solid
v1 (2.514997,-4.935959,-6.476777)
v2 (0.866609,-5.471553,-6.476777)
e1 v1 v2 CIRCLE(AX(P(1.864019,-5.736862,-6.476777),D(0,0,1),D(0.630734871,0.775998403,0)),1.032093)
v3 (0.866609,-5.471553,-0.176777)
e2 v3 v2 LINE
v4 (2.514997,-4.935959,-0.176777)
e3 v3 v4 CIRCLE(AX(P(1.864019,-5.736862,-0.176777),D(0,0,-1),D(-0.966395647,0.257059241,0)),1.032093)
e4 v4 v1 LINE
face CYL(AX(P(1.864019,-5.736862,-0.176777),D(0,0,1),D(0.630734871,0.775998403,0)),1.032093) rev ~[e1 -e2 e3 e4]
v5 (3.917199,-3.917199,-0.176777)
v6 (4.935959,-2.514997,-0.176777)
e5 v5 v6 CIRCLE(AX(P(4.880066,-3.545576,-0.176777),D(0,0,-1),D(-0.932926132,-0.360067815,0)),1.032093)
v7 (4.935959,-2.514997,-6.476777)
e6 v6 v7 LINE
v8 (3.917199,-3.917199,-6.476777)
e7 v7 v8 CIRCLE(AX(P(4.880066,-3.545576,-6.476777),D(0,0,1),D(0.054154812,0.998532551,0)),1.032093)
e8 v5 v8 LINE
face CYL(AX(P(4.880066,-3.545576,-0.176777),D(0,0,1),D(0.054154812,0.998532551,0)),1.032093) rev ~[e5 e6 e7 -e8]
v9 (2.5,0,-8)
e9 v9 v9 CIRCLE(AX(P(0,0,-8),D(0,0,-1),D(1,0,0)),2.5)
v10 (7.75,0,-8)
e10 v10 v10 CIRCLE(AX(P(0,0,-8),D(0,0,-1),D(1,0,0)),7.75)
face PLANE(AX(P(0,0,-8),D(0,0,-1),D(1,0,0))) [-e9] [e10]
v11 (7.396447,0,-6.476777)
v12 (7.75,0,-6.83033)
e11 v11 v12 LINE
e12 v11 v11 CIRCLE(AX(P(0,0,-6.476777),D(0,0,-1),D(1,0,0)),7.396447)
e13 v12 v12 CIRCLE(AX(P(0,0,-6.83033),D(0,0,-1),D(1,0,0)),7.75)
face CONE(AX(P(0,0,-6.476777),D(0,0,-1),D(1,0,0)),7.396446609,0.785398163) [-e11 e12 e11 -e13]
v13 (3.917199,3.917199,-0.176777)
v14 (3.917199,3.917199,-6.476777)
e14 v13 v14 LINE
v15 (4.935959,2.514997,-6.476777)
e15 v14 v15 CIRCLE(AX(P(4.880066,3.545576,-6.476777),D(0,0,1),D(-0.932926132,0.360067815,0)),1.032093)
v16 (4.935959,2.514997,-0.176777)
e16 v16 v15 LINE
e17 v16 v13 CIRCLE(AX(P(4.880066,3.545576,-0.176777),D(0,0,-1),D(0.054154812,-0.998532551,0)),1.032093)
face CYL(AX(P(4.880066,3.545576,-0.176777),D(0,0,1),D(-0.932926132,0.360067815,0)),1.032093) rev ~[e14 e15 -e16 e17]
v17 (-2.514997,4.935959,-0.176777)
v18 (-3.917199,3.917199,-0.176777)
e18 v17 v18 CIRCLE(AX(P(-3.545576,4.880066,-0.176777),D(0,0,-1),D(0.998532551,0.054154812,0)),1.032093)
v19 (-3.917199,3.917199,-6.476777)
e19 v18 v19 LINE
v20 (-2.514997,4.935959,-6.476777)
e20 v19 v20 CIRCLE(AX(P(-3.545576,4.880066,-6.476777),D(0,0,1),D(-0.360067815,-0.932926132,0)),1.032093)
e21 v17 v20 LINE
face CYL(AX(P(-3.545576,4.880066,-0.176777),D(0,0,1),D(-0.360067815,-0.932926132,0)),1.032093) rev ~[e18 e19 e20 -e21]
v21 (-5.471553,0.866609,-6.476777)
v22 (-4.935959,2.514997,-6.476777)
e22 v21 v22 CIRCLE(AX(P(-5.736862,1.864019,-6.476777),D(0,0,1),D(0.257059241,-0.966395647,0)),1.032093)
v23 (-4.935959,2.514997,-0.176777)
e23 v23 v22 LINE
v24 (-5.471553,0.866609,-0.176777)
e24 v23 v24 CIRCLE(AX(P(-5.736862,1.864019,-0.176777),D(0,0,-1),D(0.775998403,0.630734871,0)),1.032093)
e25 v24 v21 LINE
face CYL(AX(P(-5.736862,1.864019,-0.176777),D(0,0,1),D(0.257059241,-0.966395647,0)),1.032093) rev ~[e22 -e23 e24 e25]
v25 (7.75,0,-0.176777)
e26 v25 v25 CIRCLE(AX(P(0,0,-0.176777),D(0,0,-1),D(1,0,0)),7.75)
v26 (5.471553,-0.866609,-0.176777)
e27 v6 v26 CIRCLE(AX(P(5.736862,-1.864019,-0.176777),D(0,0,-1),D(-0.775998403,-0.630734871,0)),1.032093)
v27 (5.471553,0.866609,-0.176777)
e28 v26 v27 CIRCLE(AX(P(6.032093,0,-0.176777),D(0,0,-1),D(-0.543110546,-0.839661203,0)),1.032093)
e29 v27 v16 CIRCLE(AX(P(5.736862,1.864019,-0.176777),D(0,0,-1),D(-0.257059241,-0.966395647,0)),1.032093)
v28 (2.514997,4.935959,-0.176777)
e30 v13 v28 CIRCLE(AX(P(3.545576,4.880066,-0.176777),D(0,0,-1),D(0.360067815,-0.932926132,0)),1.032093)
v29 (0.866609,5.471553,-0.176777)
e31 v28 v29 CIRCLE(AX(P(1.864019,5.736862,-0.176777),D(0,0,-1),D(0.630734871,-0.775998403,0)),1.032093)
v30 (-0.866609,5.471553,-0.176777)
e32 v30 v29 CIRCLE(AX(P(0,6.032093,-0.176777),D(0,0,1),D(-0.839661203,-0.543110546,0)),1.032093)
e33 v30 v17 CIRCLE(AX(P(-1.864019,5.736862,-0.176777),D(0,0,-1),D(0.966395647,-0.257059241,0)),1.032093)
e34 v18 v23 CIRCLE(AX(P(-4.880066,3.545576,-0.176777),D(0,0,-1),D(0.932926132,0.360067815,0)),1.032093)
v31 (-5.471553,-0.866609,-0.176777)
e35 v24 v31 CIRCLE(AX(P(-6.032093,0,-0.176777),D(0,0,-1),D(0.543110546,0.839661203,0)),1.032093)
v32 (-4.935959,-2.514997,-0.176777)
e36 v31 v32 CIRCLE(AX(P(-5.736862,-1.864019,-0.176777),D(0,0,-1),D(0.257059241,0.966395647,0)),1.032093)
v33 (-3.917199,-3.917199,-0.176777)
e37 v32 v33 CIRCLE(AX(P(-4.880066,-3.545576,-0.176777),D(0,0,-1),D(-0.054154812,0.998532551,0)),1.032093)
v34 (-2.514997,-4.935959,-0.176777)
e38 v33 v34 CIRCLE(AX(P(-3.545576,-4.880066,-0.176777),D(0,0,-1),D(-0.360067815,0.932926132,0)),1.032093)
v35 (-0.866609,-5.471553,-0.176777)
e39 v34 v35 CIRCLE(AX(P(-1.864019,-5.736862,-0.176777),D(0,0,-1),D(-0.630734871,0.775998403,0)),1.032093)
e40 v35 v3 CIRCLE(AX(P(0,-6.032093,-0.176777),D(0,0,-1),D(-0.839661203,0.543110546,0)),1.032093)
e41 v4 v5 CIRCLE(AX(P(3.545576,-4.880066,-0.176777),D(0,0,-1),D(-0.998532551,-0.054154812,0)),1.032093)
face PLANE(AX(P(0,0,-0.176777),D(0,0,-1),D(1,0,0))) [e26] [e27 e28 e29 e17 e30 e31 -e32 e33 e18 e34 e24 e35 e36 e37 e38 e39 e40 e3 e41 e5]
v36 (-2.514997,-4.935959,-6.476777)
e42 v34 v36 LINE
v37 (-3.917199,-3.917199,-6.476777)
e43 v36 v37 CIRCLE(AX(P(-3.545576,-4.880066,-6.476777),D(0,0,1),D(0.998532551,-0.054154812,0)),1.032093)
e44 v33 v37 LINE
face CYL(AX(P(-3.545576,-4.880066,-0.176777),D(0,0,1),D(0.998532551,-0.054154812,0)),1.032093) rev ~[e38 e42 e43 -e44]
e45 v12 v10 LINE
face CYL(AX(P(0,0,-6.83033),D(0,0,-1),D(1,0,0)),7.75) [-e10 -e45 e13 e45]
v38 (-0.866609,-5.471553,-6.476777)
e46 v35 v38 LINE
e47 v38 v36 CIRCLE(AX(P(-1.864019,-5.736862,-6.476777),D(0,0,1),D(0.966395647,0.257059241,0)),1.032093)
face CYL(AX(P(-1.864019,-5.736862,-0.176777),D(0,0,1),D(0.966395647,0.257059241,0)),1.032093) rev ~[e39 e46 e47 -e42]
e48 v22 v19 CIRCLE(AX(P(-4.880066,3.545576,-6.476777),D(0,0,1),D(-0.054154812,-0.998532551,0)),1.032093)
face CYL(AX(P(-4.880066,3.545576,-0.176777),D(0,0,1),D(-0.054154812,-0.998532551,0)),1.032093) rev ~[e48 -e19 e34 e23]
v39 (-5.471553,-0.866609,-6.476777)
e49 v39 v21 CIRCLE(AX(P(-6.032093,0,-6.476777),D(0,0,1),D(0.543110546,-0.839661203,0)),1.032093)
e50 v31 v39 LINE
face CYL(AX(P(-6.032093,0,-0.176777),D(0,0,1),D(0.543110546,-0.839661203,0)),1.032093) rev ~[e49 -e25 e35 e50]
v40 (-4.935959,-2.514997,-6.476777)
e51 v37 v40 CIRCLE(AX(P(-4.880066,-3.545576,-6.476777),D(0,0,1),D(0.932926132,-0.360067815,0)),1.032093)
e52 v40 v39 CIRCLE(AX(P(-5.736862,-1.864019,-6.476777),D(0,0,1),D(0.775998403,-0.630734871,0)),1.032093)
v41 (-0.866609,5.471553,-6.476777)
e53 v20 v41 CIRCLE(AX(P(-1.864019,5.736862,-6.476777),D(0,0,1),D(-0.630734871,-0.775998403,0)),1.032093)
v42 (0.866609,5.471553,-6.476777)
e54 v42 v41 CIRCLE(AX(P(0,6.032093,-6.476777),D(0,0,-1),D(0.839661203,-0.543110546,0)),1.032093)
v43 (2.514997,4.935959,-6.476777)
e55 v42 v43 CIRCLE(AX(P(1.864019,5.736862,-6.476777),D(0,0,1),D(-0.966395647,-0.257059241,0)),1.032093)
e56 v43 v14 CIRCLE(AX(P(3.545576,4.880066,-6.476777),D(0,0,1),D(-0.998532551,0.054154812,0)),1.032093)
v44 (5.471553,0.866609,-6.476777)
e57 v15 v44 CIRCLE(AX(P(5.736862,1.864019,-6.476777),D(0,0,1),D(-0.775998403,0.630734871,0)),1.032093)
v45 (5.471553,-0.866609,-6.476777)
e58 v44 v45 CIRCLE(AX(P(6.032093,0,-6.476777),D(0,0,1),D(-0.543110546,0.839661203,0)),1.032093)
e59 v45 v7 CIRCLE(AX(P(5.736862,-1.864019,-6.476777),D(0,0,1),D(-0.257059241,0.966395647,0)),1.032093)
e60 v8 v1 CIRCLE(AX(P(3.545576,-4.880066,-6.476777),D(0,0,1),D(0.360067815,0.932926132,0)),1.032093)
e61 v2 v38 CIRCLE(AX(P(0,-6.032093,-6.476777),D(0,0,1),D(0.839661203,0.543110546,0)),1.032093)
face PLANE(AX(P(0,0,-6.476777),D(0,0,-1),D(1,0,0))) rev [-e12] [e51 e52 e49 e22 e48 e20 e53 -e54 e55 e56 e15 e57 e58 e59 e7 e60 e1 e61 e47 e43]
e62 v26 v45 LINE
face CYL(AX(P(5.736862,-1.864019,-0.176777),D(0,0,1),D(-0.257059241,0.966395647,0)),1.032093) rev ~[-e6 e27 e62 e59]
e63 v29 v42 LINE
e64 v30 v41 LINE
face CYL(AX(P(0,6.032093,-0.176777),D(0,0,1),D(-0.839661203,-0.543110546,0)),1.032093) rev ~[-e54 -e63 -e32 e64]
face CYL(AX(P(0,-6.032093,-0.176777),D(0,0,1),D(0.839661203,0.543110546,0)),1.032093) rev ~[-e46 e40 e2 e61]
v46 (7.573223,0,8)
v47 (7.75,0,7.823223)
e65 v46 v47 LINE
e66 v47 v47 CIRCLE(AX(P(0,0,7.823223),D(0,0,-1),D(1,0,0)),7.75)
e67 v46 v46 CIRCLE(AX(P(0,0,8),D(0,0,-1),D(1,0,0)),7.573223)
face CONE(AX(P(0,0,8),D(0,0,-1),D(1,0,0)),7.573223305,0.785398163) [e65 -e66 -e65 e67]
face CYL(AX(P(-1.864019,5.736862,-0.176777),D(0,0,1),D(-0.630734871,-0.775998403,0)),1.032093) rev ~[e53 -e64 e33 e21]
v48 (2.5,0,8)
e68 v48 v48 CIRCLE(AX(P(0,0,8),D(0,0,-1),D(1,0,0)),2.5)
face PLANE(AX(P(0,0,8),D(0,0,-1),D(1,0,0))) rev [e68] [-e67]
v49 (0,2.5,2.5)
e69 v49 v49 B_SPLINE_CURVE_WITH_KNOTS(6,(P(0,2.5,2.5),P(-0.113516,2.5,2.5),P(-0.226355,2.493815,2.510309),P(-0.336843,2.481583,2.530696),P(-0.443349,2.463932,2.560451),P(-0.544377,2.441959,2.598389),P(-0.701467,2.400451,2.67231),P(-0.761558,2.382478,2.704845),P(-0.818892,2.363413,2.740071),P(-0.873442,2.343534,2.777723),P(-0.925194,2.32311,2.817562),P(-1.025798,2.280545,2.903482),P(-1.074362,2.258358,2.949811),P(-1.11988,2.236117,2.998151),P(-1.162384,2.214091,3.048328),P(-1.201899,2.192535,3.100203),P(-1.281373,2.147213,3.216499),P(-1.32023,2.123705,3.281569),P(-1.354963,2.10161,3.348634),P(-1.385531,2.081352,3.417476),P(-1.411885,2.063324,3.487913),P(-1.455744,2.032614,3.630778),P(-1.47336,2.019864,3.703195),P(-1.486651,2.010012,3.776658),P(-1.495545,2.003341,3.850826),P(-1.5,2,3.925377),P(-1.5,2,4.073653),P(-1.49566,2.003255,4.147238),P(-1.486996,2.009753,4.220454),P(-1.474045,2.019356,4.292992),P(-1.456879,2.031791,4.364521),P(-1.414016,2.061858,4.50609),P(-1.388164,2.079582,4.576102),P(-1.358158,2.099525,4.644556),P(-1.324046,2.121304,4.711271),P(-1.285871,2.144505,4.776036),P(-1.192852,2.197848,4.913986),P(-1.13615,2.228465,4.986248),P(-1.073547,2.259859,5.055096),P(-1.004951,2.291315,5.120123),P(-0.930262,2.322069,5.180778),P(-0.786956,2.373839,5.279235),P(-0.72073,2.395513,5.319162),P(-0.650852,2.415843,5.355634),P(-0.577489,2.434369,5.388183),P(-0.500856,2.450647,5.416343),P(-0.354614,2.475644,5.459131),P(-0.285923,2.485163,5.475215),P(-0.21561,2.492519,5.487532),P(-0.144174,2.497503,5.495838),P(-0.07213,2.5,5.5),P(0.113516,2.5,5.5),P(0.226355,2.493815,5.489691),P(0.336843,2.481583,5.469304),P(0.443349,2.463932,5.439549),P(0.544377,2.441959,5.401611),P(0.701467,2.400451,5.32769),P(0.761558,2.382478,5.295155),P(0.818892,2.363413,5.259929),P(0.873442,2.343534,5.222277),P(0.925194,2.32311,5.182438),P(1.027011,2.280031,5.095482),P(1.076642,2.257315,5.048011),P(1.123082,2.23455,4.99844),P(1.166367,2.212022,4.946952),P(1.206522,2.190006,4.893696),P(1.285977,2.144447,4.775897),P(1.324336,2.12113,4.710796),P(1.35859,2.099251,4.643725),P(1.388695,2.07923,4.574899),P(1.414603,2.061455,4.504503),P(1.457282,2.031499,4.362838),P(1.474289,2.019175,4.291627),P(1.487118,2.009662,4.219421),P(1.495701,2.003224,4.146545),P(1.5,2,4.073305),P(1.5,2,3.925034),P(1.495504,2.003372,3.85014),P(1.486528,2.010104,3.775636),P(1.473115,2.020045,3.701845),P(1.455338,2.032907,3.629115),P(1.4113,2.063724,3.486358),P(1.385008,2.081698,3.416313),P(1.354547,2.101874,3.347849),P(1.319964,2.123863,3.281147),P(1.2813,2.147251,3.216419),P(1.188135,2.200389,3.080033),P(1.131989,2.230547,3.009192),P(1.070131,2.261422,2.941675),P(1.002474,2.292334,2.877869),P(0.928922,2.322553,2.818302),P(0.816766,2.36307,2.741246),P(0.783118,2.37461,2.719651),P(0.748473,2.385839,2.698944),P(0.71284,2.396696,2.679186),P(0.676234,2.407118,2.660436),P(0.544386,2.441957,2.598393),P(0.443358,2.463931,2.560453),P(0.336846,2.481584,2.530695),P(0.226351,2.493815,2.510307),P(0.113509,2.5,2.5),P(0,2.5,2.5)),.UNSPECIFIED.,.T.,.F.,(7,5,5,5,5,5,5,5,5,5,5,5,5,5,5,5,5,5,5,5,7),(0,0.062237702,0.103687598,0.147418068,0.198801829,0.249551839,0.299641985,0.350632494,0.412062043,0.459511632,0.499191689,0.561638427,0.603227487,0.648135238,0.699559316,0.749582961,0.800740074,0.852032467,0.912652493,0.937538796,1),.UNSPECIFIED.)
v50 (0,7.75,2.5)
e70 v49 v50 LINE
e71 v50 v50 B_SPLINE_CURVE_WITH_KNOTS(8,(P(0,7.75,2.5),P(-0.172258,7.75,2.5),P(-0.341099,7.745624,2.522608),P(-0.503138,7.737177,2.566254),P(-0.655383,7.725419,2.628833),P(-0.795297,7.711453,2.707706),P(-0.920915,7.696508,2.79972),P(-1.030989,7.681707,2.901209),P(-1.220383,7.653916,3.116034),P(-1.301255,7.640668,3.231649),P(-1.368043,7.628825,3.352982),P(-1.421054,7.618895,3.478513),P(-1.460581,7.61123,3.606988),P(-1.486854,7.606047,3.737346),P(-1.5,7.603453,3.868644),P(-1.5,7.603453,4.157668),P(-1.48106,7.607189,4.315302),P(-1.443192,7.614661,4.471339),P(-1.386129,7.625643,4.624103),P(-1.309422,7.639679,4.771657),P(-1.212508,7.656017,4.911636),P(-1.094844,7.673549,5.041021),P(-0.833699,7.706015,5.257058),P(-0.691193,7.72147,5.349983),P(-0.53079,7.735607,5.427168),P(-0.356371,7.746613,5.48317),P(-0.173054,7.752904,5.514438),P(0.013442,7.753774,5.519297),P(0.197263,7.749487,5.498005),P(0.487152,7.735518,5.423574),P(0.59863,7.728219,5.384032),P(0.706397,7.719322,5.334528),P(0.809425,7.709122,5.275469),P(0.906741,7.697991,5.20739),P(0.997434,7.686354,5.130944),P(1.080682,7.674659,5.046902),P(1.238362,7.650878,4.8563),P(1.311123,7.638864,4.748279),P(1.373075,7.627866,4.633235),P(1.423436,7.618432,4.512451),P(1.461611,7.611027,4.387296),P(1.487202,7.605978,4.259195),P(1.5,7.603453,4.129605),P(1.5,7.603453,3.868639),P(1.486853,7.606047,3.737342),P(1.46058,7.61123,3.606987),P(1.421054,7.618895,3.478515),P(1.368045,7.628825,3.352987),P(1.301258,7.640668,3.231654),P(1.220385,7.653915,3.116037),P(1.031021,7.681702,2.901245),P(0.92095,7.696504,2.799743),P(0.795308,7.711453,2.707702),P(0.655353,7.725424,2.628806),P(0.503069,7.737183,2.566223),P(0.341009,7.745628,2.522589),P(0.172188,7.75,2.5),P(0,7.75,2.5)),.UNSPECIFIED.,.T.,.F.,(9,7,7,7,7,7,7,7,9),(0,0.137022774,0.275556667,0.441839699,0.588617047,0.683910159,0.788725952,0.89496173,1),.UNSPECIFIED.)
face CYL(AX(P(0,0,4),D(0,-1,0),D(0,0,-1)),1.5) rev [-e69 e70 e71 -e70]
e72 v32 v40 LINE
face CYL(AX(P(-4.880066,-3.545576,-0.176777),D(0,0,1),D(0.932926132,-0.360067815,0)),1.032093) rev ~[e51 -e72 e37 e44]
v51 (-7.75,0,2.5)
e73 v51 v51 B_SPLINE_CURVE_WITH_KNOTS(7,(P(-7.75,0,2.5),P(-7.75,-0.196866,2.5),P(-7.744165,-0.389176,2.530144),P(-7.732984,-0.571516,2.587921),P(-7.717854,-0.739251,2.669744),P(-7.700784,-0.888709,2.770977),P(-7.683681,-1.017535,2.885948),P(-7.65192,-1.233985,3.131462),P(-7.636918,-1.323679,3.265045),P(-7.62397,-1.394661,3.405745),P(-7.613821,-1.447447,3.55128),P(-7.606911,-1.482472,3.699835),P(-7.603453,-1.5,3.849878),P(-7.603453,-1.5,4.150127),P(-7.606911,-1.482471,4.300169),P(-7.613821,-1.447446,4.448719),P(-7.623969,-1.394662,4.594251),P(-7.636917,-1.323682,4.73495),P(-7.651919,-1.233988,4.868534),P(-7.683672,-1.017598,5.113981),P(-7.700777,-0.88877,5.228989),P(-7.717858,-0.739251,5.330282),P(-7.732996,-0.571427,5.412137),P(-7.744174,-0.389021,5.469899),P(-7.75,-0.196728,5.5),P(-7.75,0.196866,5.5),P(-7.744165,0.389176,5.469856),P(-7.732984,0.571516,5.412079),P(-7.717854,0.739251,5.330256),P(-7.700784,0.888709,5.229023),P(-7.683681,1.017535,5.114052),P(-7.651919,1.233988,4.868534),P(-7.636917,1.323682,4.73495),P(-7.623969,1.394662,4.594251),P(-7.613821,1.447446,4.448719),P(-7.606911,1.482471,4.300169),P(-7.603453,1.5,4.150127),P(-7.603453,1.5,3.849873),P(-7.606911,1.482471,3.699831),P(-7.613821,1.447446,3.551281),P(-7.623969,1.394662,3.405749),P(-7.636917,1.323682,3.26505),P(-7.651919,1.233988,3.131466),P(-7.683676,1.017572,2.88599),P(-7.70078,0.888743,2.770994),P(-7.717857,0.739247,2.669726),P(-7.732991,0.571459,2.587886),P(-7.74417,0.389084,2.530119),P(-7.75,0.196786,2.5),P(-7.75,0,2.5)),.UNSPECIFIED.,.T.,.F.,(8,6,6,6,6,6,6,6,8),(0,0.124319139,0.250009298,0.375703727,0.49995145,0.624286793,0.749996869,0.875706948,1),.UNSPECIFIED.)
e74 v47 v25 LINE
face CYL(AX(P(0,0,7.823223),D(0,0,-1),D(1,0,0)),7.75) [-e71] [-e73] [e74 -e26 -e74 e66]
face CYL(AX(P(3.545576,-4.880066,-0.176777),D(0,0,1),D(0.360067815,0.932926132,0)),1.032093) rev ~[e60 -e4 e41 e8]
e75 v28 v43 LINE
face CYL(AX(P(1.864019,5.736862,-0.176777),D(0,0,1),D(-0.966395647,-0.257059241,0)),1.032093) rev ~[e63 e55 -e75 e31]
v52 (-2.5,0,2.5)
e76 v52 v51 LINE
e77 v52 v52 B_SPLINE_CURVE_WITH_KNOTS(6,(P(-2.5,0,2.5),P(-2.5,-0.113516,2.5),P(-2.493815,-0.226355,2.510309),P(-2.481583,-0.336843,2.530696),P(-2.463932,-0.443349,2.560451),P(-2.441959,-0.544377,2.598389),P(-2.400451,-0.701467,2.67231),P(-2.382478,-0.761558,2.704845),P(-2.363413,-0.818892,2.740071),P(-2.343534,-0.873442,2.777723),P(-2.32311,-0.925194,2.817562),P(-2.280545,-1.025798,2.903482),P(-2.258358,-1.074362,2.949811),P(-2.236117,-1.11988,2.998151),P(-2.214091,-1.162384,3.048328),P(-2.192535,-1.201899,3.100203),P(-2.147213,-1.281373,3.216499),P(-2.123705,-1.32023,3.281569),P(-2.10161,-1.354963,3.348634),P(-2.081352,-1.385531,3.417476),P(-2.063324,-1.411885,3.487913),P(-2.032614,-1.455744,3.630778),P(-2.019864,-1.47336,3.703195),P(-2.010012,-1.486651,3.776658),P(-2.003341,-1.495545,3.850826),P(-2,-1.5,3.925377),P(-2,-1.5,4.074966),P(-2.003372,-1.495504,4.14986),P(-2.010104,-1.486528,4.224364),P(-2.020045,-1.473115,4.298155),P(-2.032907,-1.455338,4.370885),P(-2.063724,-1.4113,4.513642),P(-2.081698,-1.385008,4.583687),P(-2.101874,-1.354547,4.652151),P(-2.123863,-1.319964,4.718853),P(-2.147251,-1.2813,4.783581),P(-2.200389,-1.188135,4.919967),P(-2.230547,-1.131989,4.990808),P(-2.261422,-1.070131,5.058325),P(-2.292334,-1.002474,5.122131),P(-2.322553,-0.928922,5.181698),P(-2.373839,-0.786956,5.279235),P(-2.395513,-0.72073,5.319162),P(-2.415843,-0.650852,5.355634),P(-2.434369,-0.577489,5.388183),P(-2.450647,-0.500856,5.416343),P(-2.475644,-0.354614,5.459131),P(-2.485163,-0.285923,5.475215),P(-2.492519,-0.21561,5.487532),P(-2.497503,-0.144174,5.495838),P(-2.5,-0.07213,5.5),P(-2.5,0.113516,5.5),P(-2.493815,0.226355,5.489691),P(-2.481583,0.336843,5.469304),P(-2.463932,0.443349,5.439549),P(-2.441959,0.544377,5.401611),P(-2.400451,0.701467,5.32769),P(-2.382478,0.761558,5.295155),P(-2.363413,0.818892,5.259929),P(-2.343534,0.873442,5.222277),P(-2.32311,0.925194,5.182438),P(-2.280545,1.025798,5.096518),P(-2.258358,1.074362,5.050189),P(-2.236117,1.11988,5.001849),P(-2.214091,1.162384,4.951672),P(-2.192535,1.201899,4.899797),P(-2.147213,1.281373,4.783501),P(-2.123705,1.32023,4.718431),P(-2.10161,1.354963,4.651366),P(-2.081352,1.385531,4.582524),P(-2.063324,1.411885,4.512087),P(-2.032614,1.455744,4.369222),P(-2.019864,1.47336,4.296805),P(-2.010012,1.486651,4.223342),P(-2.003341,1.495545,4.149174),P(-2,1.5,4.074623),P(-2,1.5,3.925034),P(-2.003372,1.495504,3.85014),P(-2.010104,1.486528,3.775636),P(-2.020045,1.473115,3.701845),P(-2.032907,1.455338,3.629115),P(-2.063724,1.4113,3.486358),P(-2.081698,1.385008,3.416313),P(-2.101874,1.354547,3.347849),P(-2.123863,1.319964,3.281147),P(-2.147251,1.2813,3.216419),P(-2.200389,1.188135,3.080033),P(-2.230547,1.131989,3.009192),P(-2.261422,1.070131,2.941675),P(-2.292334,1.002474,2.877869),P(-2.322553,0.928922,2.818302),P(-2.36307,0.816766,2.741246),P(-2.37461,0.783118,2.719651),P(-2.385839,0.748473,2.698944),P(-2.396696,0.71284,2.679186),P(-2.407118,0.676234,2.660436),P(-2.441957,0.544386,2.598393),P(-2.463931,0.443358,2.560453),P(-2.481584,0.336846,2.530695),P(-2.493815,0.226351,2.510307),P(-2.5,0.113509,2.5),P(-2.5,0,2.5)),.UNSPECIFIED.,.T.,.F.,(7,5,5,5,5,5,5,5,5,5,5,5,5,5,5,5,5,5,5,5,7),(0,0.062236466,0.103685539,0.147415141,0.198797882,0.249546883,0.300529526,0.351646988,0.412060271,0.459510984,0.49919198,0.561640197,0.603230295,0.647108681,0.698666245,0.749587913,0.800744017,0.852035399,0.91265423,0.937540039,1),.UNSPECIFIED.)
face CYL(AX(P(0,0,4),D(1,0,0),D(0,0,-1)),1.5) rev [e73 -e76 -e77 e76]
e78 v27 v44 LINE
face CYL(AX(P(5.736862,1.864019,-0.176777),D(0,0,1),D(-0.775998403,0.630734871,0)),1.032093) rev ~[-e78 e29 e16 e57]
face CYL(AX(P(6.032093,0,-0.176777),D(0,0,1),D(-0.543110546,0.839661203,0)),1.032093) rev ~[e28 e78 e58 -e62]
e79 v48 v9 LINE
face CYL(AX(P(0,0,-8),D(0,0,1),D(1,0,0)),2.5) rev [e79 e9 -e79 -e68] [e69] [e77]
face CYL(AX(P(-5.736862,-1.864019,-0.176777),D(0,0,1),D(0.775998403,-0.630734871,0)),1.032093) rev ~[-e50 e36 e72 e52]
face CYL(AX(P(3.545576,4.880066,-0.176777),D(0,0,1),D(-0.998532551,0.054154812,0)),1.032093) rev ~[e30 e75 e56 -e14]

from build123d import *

# Parameters (mm, degrees)
SKETCH2_R           = 1.5
CUT_EXTRUDE1_DEPTH  = 29
CIRPATTERN1_COUNT   = 2
CIRPATTERN1_ANGLE   = 90
BOSS_EXTRUDE1_START = 6.3
SKETCH3_R           = 2.5
BOSS_EXTRUDE1_DEPTH = 6.3


with BuildPart() as part:
    # Sketch1 → Revolve1 (revolve)
    with BuildSketch(Plane(origin=(0, 0, 0), x_dir=(0, 0, -1), z_dir=(1, 0, 0)), mode=Mode.PRIVATE) as revolve1_sk:
        Polygon((-7.823223305, 7.75), (0.176776695, 7.75), (0.176776695, 5), (6.476776695, 5), (6.476776695, 7.396446609), (6.830330086, 7.75), (8, 7.75), (8, 2.5), (-8, 2.5), (-8, 7.573223305), align=None)
    revolve(revolve1_sk.sketch.rotate(Axis((0, 0, 8), (0, 0, -1)), 90), axis=Axis((0, 0, 8), (0, 0, -1)))

    # Sketch2 → Cut-Extrude1 (cut)
    with BuildSketch(Plane(origin=(0, 0, 0), x_dir=(1, 0, 0), z_dir=(0, 1, 0))):
        with Locations(Location((0, -4, 0), (0, 0, 90))):
            Circle(SKETCH2_R)
    cut_extrude1 = extrude(amount=CUT_EXTRUDE1_DEPTH, mode=Mode.SUBTRACT)

    # CirPattern1: Cut-Extrude1 ×2 about axis
    cirpattern1_axis = Axis((0, 0, 8), (0, 0, 1))
    for i in range(1, CIRPATTERN1_COUNT):
        add(cut_extrude1.rotate(cirpattern1_axis, i * CIRPATTERN1_ANGLE / (CIRPATTERN1_COUNT - 1)), mode=Mode.SUBTRACT)

    # Sketch3 → Boss-Extrude1 (add)
    with BuildSketch(Plane.XY.offset(-6.476776695).offset(BOSS_EXTRUDE1_START)):
        with BuildLine():
            ThreePointArc((-0.866608796, 5.471552596), (0, 5), (0.866608796, 5.471552596))
            ThreePointArc((0.866608796, 5.471552596), (1.545084972, 4.755282581), (2.51499668, 4.935958906))
            ThreePointArc((2.51499668, 4.935958906), (2.938926261, 4.045084972), (3.917199167, 3.917199167))
            ThreePointArc((3.917199167, 3.917199167), (4.045084972, 2.938926261), (4.935958906, 2.51499668))
            ThreePointArc((4.935958906, 2.51499668), (4.755282581, 1.545084972), (5.471552596, 0.866608796))
            ThreePointArc((5.471552596, 0.866608796), (5, 0), (5.471552596, -0.866608796))
            ThreePointArc((5.471552596, -0.866608796), (4.755282581, -1.545084972), (4.935958906, -2.51499668))
            ThreePointArc((4.935958906, -2.51499668), (4.045084972, -2.938926261), (3.917199167, -3.917199167))
            ThreePointArc((3.917199167, -3.917199167), (2.938926261, -4.045084972), (2.51499668, -4.935958906))
            ThreePointArc((2.51499668, -4.935958906), (1.545084972, -4.755282581), (0.866608796, -5.471552596))
            ThreePointArc((0.866608796, -5.471552596), (0, -5), (-0.866608796, -5.471552596))
            ThreePointArc((-0.866608796, -5.471552596), (-1.545084972, -4.755282581), (-2.51499668, -4.935958906))
            ThreePointArc((-2.51499668, -4.935958906), (-2.938926261, -4.045084972), (-3.917199167, -3.917199167))
            ThreePointArc((-3.917199167, -3.917199167), (-4.045084972, -2.938926261), (-4.935958906, -2.51499668))
            ThreePointArc((-4.935958906, -2.51499668), (-4.755282581, -1.545084972), (-5.471552596, -0.866608796))
            ThreePointArc((-5.471552596, -0.866608796), (-5, 0), (-5.471552596, 0.866608796))
            ThreePointArc((-5.471552596, 0.866608796), (-4.755282581, 1.545084972), (-4.935958906, 2.51499668))
            ThreePointArc((-4.935958906, 2.51499668), (-4.045084972, 2.938926261), (-3.917199167, 3.917199167))
            ThreePointArc((-3.917199167, 3.917199167), (-2.938926261, 4.045084972), (-2.51499668, 4.935958906))
            ThreePointArc((-2.51499668, 4.935958906), (-1.545084972, 4.755282581), (-0.866608796, 5.471552596))
        make_face()
        Circle(SKETCH3_R, mode=Mode.SUBTRACT)
    extrude(amount=-BOSS_EXTRUDE1_DEPTH)


solid = part.part
